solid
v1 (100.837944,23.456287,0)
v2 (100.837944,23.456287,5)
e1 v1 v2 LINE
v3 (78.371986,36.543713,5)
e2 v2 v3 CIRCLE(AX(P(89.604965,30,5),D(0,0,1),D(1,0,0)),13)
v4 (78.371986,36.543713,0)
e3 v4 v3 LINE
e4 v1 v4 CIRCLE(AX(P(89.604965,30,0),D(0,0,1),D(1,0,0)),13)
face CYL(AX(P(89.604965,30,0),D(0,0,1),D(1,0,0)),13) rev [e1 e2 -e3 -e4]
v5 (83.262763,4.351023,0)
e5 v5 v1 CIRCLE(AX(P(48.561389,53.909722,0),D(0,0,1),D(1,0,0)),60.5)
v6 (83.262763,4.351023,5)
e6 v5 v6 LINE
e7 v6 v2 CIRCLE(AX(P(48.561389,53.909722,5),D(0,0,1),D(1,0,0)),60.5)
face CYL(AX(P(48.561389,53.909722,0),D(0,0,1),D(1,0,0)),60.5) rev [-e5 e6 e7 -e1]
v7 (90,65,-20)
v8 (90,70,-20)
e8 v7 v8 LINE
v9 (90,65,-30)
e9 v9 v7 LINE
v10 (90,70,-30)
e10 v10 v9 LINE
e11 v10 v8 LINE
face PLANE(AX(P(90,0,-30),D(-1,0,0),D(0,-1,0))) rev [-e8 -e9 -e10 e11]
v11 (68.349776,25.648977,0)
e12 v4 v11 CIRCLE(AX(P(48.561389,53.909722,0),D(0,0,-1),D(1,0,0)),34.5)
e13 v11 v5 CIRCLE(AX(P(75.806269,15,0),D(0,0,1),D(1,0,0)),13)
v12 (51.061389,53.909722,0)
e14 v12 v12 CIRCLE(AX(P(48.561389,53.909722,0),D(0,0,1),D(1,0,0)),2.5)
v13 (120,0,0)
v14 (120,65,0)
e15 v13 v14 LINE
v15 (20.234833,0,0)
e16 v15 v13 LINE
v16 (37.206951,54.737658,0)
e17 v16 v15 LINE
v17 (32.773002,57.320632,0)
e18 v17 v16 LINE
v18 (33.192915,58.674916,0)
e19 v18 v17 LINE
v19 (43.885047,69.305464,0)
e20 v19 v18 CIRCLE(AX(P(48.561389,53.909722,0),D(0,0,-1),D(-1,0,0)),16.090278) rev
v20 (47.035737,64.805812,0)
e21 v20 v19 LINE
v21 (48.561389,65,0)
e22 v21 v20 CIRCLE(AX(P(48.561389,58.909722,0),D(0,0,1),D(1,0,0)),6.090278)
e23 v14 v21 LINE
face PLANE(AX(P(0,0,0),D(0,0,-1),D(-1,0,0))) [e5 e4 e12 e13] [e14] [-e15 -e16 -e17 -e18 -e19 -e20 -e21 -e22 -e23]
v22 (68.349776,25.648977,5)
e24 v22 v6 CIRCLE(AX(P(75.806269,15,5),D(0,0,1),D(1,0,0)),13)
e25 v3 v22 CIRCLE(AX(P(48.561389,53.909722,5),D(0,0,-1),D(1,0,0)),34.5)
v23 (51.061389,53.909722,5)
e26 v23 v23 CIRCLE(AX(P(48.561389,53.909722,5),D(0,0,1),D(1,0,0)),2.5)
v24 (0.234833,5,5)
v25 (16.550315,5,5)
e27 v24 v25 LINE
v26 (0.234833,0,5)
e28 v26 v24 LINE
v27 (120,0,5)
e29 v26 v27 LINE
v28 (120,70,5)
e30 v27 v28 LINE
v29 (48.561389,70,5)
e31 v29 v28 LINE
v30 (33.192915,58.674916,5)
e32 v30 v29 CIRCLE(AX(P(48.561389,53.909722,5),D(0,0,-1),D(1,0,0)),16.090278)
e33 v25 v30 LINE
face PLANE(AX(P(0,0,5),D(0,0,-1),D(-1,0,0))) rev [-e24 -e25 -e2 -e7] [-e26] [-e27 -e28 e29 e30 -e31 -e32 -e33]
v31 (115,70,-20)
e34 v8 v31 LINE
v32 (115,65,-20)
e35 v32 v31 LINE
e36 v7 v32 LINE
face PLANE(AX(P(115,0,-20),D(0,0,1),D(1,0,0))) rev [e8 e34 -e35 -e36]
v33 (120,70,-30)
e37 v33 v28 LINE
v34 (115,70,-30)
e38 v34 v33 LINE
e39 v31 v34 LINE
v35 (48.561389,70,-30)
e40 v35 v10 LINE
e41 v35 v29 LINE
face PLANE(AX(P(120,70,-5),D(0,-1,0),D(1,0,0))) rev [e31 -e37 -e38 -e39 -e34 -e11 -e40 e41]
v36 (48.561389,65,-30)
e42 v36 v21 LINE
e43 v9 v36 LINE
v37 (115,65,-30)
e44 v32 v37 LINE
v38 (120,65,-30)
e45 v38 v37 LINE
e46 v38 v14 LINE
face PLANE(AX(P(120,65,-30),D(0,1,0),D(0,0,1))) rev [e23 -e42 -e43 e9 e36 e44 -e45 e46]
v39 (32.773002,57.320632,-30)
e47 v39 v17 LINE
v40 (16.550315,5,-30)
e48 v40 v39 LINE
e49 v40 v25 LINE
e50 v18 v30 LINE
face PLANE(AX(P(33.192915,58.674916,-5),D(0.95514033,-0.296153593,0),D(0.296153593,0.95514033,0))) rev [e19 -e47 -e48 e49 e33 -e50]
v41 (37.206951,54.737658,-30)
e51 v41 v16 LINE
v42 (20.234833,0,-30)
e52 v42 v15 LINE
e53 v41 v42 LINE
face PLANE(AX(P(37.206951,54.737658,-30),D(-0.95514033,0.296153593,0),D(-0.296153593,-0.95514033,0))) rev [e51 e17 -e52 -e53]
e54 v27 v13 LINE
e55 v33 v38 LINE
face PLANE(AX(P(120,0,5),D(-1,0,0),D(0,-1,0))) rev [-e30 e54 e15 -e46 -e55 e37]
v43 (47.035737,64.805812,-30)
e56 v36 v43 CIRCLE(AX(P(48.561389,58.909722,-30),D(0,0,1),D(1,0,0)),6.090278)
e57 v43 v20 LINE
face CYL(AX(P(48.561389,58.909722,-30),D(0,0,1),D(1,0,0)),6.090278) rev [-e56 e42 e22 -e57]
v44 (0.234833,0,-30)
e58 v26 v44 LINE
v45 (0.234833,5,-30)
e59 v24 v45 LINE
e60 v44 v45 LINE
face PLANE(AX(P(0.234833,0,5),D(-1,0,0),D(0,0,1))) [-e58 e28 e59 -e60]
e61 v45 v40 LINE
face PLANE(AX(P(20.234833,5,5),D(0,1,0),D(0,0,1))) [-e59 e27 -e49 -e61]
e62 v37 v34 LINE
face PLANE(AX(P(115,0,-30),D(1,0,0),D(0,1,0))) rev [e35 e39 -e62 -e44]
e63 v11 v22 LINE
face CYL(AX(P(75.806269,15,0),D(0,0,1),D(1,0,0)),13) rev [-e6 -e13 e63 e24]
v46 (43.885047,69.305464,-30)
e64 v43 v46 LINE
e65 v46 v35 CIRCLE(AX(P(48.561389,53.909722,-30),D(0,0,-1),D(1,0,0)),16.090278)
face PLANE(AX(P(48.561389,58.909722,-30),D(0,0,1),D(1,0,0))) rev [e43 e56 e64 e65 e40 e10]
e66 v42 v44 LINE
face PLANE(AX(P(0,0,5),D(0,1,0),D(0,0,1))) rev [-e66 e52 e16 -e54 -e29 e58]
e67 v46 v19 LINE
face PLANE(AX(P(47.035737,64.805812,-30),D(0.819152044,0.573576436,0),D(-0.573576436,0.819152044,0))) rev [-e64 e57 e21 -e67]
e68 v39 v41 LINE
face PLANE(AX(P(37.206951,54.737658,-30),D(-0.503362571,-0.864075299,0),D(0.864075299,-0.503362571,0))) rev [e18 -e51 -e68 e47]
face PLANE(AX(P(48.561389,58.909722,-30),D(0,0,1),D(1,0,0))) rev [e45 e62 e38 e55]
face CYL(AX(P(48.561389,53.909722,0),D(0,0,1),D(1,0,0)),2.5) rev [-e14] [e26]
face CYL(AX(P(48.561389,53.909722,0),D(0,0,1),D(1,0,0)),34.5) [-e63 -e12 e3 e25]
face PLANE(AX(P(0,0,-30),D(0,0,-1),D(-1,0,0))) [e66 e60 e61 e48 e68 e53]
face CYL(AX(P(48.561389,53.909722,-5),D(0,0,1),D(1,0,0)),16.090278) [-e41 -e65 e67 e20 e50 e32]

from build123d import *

# Parameters (mm, degrees)
SKETCH1_W           = 120
SKETCH1_H           = 100
BOSS_EXTRUDE1_DEPTH = 5
SKETCH2_R           = 2.5
CUT_EXTRUDE1_DEPTH  = 6
CUT_EXTRUDE3_DEPTH  = 10
BOSS_EXTRUDE3_DEPTH = 30
SKETCH8_W           = 20
SKETCH8_H           = 5
BOSS_EXTRUDE4_DEPTH = 35
SKETCH9_W           = 25
SKETCH9_H           = 10
CUT_EXTRUDE4_DEPTH  = 71


with BuildPart() as part:
    # Sketch1 → Boss-Extrude1 (new body)
    with BuildSketch(Plane.XY):
        with Locations((60, 50)):
            Rectangle(SKETCH1_W, SKETCH1_H)
    extrude(amount=BOSS_EXTRUDE1_DEPTH)

    # Sketch2 → Cut-Extrude1 (cut, through all)
    with BuildSketch(Plane.XY.offset(5)):
        with Locations((48.561388608, 53.909722104)):
            Circle(SKETCH2_R)
        with BuildLine():
            ThreePointArc((83.262763007, 4.351023424), (93.087143476, 12.949898455), (100.837944203, 23.456286582))
            ThreePointArc((100.837944203, 23.456286582), (96.148678733, 41.232978888), (78.371986427, 36.543713418))
            ThreePointArc((78.371986427, 36.543713418), (73.952108326, 30.552467296), (68.349775662, 25.648976576))
            ThreePointArc((68.349775662, 25.648976576), (65.157292759, 7.543506327), (83.262763007, 4.351023424))
        make_face()
    extrude(amount=-CUT_EXTRUDE1_DEPTH, mode=Mode.SUBTRACT)

    # Sketch5 → Cut-Extrude3 (cut)
    with BuildSketch(Plane.XY.offset(5)):
        with BuildLine():
            Line((120, 70), (48.561388608, 70))
            ThreePointArc((48.561388608, 70), (39.016134462, 66.862913451), (33.192915272, 58.674915711))
            Line((33.192915272, 58.674915711), (15, 0))
            Line((15, 0), (0, 0))
            Line((0, 0), (0, 100))
            Line((0, 100), (120, 100))
            Line((120, 100), (120, 70))
        make_face()
    extrude(amount=-CUT_EXTRUDE3_DEPTH, mode=Mode.SUBTRACT)

    # Sketch7 → Boss-Extrude3 (add)
    with BuildSketch(Plane(origin=(0, 0, 0), x_dir=(-1, 0, 0), z_dir=(0, 0, -1))):
        Polygon((-15, 0), (-32.773002065, 57.320631823), (-37.206950606, 54.737658166), (-20.234832877, 0), align=None)
        with BuildLine():
            Line((-120, 70), (-48.561388608, 70))
            ThreePointArc((-48.561388608, 70), (-46.197570118, 69.825418913), (-43.885046952, 69.305464096))
            Line((-43.885046952, 69.305464096), (-47.035737431, 64.805811769))
            ThreePointArc((-47.035737431, 64.805811769), (-47.792408669, 64.951257894), (-48.561388608, 65))
            Line((-48.561388608, 65), (-120, 65))
            Line((-120, 65), (-120, 70))
        make_face()
    extrude(amount=BOSS_EXTRUDE3_DEPTH)

    # Sketch8 → Boss-Extrude4 (add, through all)
    with BuildSketch(Plane(origin=(0, 0, -30), x_dir=(-1, 0, 0), z_dir=(0, 0, -1))):
        with Locations((-10.234832877, 2.5)):
            Rectangle(SKETCH8_W, SKETCH8_H)
    extrude(amount=-BOSS_EXTRUDE4_DEPTH)

    # Sketch9 → Cut-Extrude4 (cut, through all)
    with BuildSketch(Plane(origin=(0, 70, 0), x_dir=(1, 0, 0), z_dir=(0, 1, 0))):
        with Locations((102.5, 25)):
            Rectangle(SKETCH9_W, SKETCH9_H)
    extrude(amount=-CUT_EXTRUDE4_DEPTH, mode=Mode.SUBTRACT)


solid = part.part
